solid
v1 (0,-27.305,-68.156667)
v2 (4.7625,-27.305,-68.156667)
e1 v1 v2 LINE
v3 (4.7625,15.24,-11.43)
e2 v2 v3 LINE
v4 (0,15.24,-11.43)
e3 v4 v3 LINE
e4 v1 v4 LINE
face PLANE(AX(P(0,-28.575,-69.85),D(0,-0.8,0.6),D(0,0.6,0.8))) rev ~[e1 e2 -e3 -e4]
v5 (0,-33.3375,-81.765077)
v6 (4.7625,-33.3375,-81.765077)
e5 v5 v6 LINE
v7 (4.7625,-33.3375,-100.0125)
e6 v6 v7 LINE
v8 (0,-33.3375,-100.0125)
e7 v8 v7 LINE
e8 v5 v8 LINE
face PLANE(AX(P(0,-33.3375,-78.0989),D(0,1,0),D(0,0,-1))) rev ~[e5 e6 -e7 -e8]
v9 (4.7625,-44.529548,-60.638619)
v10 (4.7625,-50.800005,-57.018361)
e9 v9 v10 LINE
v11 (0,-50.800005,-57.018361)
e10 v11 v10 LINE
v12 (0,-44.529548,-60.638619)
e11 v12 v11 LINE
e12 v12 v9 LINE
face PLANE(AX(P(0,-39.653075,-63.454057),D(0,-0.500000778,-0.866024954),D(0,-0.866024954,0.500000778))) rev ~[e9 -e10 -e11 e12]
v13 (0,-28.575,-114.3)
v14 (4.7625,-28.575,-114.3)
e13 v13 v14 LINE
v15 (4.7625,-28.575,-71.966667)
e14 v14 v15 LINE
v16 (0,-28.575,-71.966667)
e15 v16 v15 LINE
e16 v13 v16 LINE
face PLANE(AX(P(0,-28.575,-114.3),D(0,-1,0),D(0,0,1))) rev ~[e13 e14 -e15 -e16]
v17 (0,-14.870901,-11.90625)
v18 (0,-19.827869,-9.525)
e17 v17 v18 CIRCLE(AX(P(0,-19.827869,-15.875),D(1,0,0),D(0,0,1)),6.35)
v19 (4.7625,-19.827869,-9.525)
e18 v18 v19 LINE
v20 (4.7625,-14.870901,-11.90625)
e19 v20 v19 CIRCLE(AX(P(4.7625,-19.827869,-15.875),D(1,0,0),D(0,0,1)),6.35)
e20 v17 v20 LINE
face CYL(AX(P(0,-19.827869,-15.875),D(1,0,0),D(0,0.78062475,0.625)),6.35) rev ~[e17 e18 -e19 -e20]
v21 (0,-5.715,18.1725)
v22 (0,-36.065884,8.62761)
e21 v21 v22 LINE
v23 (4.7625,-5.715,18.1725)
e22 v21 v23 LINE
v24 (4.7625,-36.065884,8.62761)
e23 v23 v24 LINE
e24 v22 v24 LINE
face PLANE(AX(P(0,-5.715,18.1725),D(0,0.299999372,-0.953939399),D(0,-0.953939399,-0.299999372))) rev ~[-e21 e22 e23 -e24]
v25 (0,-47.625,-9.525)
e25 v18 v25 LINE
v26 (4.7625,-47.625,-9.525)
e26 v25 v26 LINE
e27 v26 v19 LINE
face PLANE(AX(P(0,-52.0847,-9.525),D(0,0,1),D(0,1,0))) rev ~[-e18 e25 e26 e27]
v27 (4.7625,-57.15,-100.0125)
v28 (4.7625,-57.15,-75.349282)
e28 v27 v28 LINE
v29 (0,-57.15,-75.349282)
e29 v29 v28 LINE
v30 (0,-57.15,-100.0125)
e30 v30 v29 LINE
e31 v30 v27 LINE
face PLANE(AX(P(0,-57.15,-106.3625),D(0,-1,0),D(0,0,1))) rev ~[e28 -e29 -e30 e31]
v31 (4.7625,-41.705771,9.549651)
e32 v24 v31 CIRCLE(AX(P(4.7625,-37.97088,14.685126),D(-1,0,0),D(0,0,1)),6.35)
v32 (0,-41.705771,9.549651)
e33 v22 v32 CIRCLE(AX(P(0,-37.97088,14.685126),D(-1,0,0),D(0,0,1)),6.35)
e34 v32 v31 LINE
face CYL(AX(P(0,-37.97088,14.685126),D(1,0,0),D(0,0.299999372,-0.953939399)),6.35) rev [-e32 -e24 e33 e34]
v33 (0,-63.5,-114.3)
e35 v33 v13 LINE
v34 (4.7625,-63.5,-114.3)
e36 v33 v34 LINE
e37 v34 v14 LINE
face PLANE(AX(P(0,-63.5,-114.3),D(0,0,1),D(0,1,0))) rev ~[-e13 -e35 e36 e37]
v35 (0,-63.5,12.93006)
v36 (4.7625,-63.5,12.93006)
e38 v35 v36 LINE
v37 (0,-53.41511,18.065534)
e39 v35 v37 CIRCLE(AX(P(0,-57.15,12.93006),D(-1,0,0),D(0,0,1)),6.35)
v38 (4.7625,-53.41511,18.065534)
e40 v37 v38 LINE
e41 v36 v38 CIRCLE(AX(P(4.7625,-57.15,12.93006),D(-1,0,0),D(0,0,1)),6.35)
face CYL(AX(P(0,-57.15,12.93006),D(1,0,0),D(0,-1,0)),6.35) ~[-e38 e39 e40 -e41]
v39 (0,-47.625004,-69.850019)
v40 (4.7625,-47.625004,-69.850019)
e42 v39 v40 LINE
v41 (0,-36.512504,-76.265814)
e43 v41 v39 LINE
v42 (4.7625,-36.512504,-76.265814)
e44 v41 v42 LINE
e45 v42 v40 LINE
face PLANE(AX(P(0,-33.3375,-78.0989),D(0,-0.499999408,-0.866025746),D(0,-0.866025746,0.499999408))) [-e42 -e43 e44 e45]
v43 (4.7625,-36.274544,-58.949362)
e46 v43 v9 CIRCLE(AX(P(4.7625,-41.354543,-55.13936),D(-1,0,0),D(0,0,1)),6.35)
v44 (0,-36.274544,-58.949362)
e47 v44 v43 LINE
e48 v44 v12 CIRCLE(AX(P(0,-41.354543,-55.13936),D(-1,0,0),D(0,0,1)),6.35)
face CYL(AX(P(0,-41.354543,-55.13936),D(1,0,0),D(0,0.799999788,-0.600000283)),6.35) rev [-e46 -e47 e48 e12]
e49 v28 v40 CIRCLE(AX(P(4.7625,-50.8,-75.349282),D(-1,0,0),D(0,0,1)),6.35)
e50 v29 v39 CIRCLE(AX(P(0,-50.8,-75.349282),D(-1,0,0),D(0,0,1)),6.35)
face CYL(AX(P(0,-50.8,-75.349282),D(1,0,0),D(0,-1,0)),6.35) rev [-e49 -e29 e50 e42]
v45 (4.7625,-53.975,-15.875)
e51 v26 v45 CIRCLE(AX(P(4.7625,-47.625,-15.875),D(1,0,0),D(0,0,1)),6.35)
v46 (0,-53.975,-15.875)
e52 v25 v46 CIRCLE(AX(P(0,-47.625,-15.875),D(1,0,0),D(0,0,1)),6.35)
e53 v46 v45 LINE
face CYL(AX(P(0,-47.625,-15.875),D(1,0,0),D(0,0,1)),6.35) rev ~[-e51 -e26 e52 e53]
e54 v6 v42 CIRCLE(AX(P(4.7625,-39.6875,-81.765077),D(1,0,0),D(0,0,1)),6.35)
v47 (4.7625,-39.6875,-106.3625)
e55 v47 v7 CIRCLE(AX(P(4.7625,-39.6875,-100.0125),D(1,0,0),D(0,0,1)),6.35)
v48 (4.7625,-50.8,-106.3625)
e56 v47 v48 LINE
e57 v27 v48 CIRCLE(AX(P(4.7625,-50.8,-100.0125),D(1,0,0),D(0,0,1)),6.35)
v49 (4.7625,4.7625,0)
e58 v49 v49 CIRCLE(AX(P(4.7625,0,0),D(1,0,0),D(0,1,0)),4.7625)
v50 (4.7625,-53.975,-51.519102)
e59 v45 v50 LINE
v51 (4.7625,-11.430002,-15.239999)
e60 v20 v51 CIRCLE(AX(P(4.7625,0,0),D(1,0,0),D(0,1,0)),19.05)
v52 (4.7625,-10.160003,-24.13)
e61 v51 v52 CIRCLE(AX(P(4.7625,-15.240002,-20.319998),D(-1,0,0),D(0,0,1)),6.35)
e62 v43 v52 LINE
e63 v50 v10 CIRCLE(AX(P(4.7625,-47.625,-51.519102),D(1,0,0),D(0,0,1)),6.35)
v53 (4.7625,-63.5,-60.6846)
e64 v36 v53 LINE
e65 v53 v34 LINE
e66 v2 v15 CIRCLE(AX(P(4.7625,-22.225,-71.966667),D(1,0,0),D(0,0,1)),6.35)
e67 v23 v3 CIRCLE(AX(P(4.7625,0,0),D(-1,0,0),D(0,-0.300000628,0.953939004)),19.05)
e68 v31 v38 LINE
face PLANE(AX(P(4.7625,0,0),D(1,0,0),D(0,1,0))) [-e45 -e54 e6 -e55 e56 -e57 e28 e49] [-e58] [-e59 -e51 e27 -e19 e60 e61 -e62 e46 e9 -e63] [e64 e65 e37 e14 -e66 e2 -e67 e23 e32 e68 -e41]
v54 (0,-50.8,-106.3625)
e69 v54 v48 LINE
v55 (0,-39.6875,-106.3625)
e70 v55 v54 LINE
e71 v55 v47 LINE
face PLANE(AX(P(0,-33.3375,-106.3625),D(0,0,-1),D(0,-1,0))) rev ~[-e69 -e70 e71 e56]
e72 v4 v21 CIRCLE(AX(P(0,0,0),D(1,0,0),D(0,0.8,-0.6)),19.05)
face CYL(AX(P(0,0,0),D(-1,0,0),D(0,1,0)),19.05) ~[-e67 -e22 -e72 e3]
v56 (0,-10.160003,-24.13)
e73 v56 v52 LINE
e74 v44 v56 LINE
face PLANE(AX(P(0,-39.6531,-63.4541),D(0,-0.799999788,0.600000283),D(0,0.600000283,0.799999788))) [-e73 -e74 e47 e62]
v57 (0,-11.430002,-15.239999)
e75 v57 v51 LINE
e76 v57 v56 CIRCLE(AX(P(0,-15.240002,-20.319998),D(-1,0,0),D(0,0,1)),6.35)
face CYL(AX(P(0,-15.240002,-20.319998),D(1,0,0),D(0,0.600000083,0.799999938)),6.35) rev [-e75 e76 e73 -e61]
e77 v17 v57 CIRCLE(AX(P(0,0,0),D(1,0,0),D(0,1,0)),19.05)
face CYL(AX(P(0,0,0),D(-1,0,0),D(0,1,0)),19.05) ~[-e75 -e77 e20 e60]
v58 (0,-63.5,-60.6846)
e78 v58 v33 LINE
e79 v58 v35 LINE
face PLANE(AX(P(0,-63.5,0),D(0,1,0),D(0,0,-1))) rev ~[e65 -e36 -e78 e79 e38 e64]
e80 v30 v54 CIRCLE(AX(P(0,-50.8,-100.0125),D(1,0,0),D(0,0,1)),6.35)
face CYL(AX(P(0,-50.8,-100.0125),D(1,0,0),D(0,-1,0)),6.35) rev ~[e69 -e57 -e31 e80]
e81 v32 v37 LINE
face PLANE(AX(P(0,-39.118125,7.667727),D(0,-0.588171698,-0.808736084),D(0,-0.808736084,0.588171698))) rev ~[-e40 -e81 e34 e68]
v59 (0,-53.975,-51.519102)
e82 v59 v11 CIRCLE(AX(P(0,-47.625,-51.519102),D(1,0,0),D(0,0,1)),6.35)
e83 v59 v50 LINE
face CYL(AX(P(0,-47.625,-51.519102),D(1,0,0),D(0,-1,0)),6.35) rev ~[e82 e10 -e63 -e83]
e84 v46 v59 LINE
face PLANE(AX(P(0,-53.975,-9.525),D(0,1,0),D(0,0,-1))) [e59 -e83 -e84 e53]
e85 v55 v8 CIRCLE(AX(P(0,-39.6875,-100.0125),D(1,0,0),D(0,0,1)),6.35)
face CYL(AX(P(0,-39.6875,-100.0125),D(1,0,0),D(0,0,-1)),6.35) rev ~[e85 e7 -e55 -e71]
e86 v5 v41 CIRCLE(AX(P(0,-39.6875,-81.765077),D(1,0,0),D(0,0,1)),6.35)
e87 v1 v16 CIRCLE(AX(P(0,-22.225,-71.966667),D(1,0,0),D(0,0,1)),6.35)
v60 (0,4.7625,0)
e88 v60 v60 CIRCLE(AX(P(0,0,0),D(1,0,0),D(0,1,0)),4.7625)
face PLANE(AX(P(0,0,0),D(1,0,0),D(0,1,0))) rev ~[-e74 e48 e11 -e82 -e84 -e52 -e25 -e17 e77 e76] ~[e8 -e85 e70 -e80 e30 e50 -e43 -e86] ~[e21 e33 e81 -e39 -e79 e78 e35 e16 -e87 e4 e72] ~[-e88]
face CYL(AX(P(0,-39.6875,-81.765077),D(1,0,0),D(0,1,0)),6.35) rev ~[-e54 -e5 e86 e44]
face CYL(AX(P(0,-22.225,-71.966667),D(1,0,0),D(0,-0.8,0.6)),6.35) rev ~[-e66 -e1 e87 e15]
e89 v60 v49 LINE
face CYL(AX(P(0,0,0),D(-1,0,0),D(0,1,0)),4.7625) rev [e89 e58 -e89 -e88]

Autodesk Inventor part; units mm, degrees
ref_plane "YZ Plane" through (0, 0, 0) normal (1, 0, 0) x (0, 1, 0)
ref_plane "XZ Plane" through (0, 0, 0) normal (0, 1, 0) x (-1, 0, 0)
ref_plane "XY Plane" through (0, 0, 0) normal (0, 0, 1) x (1, 0, 0)
sketch "Sketch1" plane through (0, 0, 0) normal (1, 0, 0) x (0, 1, 0)
  circle A0 centre (0, 0) radius 4.7625
  line L0 (0, 0) -> (-63.5, 0) construction
  circle A1 centre (0, 0) radius 19.05
  line L1 (-5.715, 18.1725) -> (-63.5, 0)
  line L2 (-63.5, 0) -> (-63.5, -114.3)
  circle A2 centre (0, 0) radius 76.2 construction
  line L3 (-63.5, -114.3) -> (-28.575, -114.3)
  line L4 (-28.575, -114.3) -> (-28.575, -69.85)
  line L5 (-28.575, -69.85) -> (-63.5, -49.686)
  line L6 (-28.575, -69.85) -> (15.24, -11.43)
  line L7 (-39.6531, -63.4541) -> (-5.6963, -18.1784)
  line L8 (-53.975, -9.525) -> (-53.975, -55.1853)
  line L9 (-33.3375, -78.0989) -> (-63.5, -60.6846)
  line L10 (-33.3375, -78.0989) -> (-33.3375, -106.3625)
  line L11 (-33.3375, -106.3625) -> (-57.15, -106.3625)
  line L12 (-57.15, -106.3625) -> (-57.15, -64.3507)
  line L13 (-53.975, -9.525) -> (-52.0847, -9.525)
  line L14 (-52.0847, -9.525) -> (-16.4978, -9.525)
  line L15 (-63.5, 0) -> (-28.575, 0)
  line L16 (-28.575, 0) -> (-28.575, 25.4) construction
  line L17 (-28.575, 25.4) -> (-63.5, 25.4) construction
  line L18 (-63.5, 25.4) -> (-63.5, 0)
  line L19 (-28.575, 0) -> (-63.5, 25.4)
  point P0 (-39.1181, 7.6677)
  dimension "d0" = 9.525
  dimension "d1" = 63.5
  dimension "d2" = 38.1
  dimension "d3" = 114.3
  dimension "d4" = 152.4
  dimension "d5" = 34.925
  dimension "d6" = 44.45
  dimension "d7" = 60
  dimension "d9" = 12.7
  dimension "d10" = 9.525
  dimension "d11" = 9.525
  dimension "d12" = 7.9375
  dimension "d13" = 6.35
  dimension "d14" = 4.7625
  dimension "d17" = 9.525
  dimension "d19" = 34.925
  dimension "d20" = 25.4
extrude "Extrusion1" add sketch "Sketch1" along normal blind 4.7625 contours A1 | A1 L14 L13 L8 L5 L2 L15 L19 L1 | L6 L5 L7 A1 | L19 L15 L1 | L1 L18 L19 | L4 L3 L2 L5
fillet "Fillet1" radius 6.35 10 edges at (2.3813, -5.6963, -18.1784) (2.3813, -16.4978, -9.525) (2.3813, -39.6531, -63.4541) (2.3813, -53.975, -9.525) (2.3813, -53.975, -55.1853) (2.3813, -57.15, -64.3507) (2.3813, -33.3375, -78.0989) (2.3813, -33.3375, -106.3625) (2.3813, -57.15, -106.3625) (2.3813, -28.575, -69.85)
fillet "Fillet2" radius 6.35 2 edges at (2.3813, -63.5, 25.4) (2.3813, -39.1181, 7.6677)
sketch "Sketch2" plane through (4.7625, 0, 0) normal (1, 0, 0) x (0, 0, -1)
  circle A0 centre (0, 0) radius 4.7625 projected
  circle A1 centre (0, 0) radius 11.1125
  dimension "d24" = 22.225
equation "\"d9\" = d8"
equation "\"d8\" = 12.7"
properties part number "Upright" material "Aluminum 6061"
